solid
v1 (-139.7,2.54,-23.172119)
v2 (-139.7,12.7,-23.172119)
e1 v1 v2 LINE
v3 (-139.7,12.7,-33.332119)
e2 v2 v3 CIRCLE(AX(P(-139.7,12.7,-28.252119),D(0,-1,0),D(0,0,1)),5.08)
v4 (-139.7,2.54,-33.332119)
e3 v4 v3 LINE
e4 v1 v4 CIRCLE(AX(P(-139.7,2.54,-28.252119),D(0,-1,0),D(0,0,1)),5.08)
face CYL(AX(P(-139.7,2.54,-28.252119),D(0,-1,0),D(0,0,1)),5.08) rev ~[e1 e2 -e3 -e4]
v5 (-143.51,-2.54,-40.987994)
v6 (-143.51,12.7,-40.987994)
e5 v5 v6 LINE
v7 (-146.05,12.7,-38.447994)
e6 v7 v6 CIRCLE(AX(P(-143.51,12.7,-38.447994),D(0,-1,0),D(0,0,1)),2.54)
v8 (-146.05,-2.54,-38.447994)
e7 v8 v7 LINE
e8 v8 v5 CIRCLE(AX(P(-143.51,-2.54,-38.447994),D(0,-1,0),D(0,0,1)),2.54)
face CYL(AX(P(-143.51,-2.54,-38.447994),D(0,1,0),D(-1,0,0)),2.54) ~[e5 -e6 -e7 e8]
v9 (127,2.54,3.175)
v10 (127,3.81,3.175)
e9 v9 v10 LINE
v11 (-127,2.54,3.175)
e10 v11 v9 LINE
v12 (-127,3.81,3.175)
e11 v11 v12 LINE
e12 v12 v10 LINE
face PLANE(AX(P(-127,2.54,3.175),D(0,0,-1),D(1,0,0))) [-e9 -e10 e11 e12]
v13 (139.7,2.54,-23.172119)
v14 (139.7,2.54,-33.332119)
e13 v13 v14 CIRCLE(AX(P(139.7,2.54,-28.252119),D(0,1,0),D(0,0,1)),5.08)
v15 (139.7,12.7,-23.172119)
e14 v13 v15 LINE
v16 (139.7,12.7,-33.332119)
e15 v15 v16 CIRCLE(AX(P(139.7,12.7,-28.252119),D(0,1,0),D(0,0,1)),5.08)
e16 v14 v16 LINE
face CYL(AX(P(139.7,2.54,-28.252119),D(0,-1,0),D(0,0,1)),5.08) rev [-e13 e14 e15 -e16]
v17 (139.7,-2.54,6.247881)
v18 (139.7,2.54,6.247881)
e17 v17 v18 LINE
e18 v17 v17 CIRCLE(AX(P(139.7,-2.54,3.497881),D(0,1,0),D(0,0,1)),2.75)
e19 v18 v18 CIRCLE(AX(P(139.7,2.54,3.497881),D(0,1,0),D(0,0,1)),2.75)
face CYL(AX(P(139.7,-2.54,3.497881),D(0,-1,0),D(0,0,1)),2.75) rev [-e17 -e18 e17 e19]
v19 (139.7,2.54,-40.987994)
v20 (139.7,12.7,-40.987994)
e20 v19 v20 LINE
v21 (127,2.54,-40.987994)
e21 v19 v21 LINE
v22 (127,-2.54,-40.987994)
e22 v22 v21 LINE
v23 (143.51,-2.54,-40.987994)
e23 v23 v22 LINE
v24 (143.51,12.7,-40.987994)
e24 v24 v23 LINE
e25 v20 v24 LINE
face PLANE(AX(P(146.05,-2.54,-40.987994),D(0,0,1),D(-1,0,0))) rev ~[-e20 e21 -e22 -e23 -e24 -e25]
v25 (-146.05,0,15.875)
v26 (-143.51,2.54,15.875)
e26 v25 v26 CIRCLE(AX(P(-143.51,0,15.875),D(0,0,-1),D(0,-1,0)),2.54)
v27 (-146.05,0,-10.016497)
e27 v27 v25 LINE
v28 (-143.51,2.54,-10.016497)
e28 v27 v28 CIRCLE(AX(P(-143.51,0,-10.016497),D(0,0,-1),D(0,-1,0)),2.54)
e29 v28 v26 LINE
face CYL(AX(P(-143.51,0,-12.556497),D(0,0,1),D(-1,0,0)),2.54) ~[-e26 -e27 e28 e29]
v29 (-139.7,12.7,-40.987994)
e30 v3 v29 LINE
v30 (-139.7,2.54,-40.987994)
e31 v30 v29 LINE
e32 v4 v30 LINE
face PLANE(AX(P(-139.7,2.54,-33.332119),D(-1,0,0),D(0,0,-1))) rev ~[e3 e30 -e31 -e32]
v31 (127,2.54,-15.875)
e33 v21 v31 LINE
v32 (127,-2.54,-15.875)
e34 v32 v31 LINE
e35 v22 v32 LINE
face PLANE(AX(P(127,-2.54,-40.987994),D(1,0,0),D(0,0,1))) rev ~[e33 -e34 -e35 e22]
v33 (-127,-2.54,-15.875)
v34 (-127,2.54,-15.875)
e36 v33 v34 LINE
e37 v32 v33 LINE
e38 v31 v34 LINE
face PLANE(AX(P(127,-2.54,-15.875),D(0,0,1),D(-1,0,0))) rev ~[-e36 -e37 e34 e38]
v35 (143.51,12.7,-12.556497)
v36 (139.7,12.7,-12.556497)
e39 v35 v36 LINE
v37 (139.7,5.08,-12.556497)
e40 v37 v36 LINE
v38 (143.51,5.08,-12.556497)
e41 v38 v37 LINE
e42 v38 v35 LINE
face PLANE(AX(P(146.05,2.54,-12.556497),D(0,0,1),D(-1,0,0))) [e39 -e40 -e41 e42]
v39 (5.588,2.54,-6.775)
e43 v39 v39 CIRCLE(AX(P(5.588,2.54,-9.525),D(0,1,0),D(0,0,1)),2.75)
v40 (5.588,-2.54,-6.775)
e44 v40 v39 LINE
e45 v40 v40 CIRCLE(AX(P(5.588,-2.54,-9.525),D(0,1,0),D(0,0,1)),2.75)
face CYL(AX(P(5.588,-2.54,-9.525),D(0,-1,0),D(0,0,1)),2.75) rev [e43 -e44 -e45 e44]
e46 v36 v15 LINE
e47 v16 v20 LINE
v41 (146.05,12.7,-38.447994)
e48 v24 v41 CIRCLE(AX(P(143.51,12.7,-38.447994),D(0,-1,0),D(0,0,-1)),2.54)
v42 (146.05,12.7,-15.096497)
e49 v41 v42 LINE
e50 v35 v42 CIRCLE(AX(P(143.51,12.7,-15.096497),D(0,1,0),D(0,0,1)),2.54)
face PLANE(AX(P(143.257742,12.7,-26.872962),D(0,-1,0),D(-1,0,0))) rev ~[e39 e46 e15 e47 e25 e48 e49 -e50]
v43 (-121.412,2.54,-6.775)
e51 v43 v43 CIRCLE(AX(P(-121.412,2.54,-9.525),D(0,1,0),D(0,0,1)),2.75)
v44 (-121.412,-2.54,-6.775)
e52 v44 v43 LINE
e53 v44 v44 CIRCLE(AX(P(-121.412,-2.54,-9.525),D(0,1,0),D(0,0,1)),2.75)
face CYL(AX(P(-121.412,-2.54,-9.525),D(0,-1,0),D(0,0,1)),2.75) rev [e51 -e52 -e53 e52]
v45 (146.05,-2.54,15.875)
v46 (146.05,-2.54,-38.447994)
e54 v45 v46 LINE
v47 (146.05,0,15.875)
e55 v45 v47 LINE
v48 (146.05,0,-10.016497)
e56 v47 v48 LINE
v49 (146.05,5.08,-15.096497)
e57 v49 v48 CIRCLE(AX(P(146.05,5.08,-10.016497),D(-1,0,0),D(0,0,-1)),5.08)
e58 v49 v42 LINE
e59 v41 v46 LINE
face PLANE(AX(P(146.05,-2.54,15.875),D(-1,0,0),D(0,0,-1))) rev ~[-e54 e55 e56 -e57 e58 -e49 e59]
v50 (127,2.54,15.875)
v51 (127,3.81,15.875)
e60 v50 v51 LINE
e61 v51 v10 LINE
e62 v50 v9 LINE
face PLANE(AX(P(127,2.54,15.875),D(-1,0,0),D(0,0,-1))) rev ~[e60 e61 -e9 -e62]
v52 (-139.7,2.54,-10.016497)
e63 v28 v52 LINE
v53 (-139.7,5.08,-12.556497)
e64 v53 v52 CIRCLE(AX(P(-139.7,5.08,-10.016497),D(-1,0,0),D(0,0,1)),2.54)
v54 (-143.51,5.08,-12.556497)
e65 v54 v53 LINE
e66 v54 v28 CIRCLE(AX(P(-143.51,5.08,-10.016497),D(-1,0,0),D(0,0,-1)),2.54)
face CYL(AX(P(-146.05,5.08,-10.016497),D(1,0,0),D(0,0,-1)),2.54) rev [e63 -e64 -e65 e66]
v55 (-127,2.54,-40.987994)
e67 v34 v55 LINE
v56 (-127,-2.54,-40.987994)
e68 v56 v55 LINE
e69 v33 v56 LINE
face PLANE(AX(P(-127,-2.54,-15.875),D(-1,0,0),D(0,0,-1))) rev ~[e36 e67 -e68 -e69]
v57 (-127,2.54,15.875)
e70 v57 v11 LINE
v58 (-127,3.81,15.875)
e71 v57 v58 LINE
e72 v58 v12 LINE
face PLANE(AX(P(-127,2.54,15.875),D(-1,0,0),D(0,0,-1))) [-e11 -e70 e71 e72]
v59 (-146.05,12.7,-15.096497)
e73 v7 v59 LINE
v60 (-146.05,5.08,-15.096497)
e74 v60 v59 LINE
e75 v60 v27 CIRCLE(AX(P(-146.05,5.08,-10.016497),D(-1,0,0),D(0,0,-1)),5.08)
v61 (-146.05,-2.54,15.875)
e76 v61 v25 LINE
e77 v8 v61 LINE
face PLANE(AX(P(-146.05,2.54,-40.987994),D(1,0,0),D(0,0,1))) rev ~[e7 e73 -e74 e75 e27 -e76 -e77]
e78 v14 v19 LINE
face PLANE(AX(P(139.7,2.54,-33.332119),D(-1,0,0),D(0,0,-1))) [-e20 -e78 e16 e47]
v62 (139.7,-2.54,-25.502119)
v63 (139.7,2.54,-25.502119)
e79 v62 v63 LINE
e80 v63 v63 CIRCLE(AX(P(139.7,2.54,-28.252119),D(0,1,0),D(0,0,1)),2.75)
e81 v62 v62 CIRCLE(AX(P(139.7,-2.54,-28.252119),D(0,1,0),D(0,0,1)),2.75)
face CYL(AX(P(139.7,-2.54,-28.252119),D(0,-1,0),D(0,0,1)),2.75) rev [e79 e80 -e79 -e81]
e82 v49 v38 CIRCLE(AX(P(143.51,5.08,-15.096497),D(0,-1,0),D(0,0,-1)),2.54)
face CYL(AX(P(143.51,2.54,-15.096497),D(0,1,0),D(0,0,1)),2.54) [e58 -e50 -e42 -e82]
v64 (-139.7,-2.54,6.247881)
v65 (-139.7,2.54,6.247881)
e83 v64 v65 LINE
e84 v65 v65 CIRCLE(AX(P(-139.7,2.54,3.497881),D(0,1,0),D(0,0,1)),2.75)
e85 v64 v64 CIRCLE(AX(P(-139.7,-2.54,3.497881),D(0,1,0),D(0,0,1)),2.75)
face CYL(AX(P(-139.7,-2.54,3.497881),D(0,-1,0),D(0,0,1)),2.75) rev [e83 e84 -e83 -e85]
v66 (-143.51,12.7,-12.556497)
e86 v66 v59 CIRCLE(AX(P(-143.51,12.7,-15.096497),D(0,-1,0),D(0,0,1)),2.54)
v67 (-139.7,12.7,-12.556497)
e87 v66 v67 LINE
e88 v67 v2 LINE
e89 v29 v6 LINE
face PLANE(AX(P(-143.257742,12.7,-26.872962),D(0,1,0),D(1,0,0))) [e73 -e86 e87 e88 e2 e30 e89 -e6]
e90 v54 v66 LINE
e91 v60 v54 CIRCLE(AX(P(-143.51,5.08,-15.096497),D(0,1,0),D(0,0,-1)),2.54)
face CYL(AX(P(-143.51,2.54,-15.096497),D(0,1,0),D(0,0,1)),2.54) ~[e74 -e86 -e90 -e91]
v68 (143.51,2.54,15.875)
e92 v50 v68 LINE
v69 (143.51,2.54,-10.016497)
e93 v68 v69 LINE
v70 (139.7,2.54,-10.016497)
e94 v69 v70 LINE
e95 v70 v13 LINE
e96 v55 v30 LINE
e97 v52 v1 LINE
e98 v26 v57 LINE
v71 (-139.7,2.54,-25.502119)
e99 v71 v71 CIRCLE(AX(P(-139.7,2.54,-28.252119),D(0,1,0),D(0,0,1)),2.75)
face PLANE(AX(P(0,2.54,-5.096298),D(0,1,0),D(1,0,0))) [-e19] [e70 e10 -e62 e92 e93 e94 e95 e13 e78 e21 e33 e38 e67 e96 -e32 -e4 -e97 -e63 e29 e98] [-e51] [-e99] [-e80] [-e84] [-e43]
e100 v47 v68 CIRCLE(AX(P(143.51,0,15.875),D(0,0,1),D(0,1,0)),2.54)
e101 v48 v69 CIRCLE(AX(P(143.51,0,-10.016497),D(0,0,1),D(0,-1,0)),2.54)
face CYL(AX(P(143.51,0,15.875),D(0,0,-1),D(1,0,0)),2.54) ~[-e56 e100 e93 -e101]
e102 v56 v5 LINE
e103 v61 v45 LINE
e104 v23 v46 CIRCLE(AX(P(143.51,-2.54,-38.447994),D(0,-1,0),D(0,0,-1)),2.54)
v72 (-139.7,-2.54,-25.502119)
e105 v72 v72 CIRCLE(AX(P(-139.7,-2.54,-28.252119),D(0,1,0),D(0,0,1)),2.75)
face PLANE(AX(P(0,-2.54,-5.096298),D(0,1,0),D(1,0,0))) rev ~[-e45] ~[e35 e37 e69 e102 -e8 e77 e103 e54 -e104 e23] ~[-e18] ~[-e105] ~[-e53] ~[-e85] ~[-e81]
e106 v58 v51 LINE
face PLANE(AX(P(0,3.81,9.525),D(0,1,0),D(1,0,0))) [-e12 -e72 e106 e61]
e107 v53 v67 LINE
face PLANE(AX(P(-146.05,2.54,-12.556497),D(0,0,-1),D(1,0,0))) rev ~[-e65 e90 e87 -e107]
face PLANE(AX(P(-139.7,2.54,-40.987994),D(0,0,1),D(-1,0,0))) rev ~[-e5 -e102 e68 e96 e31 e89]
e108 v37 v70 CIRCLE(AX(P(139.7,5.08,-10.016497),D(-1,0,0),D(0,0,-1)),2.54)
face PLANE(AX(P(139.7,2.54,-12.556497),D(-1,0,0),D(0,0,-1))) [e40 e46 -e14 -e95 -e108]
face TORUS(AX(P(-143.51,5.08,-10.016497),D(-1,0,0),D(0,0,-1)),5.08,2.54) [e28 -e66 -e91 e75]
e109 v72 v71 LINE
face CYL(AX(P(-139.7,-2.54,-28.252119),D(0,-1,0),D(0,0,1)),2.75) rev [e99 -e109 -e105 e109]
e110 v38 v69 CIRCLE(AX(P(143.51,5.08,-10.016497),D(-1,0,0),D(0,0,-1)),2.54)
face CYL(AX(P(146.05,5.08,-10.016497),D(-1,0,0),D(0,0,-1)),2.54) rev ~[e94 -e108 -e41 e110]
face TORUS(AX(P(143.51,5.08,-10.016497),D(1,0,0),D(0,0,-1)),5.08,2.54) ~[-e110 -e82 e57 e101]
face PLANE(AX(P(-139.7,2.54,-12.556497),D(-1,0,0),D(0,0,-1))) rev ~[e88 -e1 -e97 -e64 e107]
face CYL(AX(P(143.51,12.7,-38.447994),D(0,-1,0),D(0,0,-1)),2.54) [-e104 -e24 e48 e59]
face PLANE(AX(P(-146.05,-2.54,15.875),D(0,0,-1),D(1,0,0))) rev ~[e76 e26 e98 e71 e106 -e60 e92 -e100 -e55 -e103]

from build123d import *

# Parameters (mm, degrees)
BOSS_EXTRUDE1_DEPTH      = 2.54
BOSS_EXTRUDE1_DEPTH_BACK = 2.54
SKETCH1_R                = 2.75
BOSS_EXTRUDE2_DEPTH      = 10.16
FILLET1_R                = 2.54
SKETCH3_W                = 254
SKETCH3_H                = 12.7
BOSS_EXTRUDE3_DEPTH      = 1.27


with BuildPart() as part:
    # Sketch1 → Boss-Extrude1 (new, two sides: drawn at the far end of the back side and taken through both)
    with BuildSketch(Plane(origin=(0, 0, 0), x_dir=(1, 0, 0), z_dir=(0, 1, 0)).offset(-BOSS_EXTRUDE1_DEPTH_BACK)):
        Polygon((-146.05, -15.875), (146.05, -15.875), (146.05, 40.98799435), (127, 40.98799435), (127, 15.875), (-127, 15.875), (-127, 40.98799435), (-146.05, 40.98799435), align=None)
        with Locations((-139.7, 28.252118644)):
            Circle(SKETCH1_R, mode=Mode.SUBTRACT)
        with Locations((-139.7, -3.497881356)):
            Circle(SKETCH1_R, mode=Mode.SUBTRACT)
        with Locations((5.588, 9.525)):
            Circle(SKETCH1_R, mode=Mode.SUBTRACT)
        with Locations((-121.412, 9.525)):
            Circle(SKETCH1_R, mode=Mode.SUBTRACT)
        with Locations((139.7, 28.252118644)):
            Circle(SKETCH1_R, mode=Mode.SUBTRACT)
        with Locations((139.7, -3.497881356)):
            Circle(SKETCH1_R, mode=Mode.SUBTRACT)
    extrude(amount=BOSS_EXTRUDE1_DEPTH + BOSS_EXTRUDE1_DEPTH_BACK)

    # Sketch2 → Boss-Extrude2 (add)
    with BuildSketch(Plane(origin=(0, 2.54, 0), x_dir=(1, 0, 0), z_dir=(0, 1, 0))):
        with BuildLine():
            Line((-139.7, 33.332118644), (-139.7, 40.98799435))
            Line((-139.7, 40.98799435), (-146.05, 40.98799435))
            Line((-146.05, 40.98799435), (-146.05, 12.556497175))
            Line((-146.05, 12.556497175), (-139.7, 12.556497175))
            Line((-139.7, 12.556497175), (-139.7, 23.172118644))
            ThreePointArc((-139.7, 23.172118644), (-144.78, 28.252118644), (-139.7, 33.332118644))
        make_face()
        with BuildLine():
            Line((146.05, 40.98799435), (146.05, 12.556497175))
            Line((146.05, 12.556497175), (139.7, 12.556497175))
            Line((139.7, 12.556497175), (139.7, 23.172118644))
            ThreePointArc((139.7, 23.172118644), (144.78, 28.252118644), (139.7, 33.332118644))
            Line((139.7, 33.332118644), (139.7, 40.98799435))
            Line((139.7, 40.98799435), (146.05, 40.98799435))
        make_face()
    extrude(amount=BOSS_EXTRUDE2_DEPTH)

    # Fillet1
    fillet1_edges = [part.edges().sort_by_distance(p)[0] for p in [
        (146.05, 7.62, -12.556497175),
        (-146.05, 2.54, 1.659251412),
        (146.05, 5.08, -40.98799435),
        (142.875, 2.54, -12.556497175),
        (146.05, 2.54, 1.659251412),
        (-146.05, 5.08, -40.98799435),
        (-146.05, 7.62, -12.556497175),
        (-142.875, 2.54, -12.556497175),
    ]]
    fillet(fillet1_edges, radius=FILLET1_R)

    # Sketch3 → Boss-Extrude3 (add)
    with BuildSketch(Plane(origin=(0, 2.54, 0), x_dir=(1, 0, 0), z_dir=(0, 1, 0))):
        with Locations((0, -9.525)):
            Rectangle(SKETCH3_W, SKETCH3_H)
    extrude(amount=BOSS_EXTRUDE3_DEPTH)


solid = part.part
